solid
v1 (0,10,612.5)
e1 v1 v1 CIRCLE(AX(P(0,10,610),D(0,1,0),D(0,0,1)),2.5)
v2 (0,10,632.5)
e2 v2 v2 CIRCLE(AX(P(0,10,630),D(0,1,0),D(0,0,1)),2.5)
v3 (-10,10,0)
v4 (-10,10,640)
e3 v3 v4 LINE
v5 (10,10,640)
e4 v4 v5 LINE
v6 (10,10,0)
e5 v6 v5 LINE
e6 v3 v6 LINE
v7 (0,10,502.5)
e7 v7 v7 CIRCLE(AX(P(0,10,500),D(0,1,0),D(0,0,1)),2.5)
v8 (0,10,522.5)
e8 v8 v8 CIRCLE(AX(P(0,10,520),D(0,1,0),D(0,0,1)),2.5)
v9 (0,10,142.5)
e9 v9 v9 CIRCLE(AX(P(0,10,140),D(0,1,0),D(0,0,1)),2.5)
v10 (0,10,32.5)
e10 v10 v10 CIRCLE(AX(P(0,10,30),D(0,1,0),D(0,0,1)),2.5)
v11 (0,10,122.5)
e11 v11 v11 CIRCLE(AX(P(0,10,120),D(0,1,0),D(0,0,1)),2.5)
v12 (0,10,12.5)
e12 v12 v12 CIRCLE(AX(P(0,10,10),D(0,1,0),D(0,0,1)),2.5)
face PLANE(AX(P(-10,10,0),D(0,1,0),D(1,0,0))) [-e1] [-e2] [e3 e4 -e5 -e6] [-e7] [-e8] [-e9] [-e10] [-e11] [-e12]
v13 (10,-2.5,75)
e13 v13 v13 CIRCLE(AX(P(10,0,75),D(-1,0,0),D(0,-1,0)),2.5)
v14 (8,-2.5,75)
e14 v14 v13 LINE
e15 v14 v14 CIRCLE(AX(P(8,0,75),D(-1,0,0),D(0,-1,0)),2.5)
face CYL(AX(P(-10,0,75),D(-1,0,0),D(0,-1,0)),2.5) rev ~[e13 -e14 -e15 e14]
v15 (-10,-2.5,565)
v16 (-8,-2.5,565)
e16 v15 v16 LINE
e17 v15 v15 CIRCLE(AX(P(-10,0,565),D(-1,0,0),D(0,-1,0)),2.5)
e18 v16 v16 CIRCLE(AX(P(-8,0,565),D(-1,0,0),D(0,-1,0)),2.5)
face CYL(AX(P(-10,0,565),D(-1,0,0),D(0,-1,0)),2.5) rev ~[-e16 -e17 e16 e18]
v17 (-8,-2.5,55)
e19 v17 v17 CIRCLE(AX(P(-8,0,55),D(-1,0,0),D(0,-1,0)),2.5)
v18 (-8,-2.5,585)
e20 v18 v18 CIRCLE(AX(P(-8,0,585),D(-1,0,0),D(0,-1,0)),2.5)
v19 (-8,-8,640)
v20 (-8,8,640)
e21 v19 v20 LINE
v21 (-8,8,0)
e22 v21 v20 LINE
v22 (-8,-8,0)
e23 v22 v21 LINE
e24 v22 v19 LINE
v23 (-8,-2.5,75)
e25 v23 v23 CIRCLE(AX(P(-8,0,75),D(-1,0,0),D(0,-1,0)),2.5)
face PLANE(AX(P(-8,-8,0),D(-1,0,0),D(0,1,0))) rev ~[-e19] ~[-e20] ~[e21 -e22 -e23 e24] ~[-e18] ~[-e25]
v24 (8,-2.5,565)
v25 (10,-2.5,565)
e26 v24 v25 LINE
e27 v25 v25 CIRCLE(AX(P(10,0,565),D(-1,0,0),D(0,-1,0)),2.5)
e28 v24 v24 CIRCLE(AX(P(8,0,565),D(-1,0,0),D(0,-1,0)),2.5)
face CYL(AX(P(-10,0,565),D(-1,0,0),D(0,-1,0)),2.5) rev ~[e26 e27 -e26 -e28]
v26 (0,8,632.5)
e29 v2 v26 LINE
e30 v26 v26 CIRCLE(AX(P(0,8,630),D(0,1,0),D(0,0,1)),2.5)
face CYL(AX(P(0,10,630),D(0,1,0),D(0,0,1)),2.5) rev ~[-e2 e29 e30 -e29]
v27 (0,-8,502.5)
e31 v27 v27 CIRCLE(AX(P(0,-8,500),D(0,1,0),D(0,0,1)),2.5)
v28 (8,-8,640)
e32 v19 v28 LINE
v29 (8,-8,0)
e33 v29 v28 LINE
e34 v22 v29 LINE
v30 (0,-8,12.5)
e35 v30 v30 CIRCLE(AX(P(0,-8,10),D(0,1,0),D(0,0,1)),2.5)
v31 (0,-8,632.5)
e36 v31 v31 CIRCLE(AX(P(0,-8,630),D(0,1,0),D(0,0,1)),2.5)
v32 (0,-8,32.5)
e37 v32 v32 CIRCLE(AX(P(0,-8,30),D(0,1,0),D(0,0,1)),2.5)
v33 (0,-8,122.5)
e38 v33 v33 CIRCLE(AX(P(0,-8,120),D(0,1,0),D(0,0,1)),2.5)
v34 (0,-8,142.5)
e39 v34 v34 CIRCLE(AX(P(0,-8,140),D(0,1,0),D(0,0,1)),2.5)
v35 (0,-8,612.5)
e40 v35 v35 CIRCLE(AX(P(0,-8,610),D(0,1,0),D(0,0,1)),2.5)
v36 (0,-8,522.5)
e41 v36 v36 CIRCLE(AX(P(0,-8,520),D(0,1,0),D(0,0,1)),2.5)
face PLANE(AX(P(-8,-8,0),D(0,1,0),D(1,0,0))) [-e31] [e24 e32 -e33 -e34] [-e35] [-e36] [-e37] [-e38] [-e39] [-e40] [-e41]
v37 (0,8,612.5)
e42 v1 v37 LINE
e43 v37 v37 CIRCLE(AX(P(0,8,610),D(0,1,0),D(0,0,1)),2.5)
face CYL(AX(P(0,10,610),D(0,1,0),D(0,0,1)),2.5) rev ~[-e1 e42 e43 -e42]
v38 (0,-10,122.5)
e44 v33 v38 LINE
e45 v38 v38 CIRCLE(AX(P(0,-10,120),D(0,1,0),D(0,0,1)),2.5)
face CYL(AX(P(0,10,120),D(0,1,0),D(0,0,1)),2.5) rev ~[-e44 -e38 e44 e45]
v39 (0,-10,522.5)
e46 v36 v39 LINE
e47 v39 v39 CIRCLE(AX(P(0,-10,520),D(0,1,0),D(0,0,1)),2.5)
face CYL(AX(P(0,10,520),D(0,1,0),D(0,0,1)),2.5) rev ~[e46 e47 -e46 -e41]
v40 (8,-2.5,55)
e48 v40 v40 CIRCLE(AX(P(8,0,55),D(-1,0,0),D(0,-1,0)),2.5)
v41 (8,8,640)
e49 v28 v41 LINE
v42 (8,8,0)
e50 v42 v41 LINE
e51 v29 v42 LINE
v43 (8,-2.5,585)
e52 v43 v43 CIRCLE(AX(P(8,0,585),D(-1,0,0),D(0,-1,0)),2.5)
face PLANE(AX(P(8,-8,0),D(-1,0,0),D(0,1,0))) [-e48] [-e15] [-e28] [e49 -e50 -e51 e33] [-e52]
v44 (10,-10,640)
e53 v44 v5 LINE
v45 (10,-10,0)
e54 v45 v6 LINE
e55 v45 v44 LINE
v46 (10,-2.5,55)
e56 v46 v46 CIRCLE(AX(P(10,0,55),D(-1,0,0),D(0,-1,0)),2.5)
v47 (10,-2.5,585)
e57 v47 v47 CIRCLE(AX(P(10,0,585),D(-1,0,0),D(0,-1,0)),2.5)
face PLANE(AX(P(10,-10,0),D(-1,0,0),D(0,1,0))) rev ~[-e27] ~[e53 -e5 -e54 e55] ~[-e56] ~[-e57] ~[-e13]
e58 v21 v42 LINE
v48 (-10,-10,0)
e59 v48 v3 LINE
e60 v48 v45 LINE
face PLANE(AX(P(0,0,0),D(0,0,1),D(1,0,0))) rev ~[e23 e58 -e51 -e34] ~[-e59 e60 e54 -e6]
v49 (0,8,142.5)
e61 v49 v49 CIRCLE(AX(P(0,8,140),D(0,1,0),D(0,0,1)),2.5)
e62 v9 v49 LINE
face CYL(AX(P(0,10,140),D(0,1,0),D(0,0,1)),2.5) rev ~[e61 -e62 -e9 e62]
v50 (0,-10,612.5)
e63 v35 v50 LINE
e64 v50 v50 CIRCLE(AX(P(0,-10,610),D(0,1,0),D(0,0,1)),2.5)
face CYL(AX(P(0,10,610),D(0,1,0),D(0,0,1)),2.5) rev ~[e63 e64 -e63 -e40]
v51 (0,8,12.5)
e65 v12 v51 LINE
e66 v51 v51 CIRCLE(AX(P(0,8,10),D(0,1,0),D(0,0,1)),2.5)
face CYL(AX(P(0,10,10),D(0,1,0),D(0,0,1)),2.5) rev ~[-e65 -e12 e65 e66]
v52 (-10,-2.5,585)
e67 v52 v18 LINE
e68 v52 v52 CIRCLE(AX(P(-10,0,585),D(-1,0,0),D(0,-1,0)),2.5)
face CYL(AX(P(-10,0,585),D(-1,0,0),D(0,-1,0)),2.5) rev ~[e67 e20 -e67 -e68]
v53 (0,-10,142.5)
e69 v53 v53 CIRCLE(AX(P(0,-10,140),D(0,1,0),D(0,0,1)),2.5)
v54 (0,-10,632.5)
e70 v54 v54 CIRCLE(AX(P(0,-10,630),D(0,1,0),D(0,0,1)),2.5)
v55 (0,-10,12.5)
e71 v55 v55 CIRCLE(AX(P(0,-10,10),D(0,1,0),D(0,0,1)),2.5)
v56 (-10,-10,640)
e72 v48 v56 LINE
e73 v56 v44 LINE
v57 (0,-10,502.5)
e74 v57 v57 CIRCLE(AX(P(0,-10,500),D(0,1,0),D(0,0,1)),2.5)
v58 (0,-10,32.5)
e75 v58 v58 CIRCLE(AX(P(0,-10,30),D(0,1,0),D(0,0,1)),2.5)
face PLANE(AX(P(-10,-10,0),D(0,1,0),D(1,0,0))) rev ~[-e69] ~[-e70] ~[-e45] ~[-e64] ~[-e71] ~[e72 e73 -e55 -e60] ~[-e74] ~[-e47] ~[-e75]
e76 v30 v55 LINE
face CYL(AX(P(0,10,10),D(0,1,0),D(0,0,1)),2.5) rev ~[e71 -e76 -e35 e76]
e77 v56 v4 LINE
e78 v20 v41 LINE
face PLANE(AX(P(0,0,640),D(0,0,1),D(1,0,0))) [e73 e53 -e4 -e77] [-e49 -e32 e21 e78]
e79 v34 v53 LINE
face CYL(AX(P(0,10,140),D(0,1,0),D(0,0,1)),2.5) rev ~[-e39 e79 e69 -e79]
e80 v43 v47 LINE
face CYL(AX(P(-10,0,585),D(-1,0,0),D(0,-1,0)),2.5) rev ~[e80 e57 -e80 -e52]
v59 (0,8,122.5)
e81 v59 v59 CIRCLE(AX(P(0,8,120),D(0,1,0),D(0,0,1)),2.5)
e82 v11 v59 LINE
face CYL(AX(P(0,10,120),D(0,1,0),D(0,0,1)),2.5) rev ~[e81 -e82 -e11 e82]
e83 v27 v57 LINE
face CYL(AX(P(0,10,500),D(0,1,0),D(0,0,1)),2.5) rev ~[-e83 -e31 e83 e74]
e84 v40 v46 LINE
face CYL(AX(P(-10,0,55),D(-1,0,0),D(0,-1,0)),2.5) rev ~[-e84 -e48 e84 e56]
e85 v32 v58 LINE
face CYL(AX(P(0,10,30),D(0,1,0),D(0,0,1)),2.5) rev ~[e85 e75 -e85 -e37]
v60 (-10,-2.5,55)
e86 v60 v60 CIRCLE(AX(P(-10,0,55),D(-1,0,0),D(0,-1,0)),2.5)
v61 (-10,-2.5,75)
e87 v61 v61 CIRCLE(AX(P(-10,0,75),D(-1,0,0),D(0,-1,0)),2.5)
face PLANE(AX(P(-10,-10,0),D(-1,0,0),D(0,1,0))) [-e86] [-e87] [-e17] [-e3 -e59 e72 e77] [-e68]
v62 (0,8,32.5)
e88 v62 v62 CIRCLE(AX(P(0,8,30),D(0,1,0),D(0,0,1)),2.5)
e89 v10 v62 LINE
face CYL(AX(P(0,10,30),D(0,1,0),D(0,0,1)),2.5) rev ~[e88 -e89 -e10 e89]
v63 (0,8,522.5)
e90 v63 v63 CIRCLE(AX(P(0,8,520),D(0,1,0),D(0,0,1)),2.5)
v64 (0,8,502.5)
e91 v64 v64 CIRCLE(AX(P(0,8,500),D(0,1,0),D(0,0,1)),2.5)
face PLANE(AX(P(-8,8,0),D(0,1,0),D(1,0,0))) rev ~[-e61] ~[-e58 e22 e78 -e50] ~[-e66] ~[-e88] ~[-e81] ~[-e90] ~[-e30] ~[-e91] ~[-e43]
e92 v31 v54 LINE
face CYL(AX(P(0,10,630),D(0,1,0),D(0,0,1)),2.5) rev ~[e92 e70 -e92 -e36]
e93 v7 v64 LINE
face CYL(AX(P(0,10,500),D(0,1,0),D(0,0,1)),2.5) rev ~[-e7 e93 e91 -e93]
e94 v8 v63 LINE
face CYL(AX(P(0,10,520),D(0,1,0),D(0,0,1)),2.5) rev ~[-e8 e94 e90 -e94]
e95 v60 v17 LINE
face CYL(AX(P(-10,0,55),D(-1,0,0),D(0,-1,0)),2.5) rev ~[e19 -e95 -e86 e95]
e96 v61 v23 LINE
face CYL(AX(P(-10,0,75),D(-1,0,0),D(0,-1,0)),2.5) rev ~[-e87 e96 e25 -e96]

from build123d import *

# Parameters (mm, degrees)
SKETCH1_W           = 20
SKETCH1_H           = 20
SKETCH1_W_2         = 16
SKETCH1_H_2         = 16
BOSS_EXTRUDE1_DEPTH = 640
SKETCH2_R           = 2.5
CUT_EXTRUDE1_DEPTH  = 641.390505863
SKETCH3_R           = 2.5
CUT_EXTRUDE2_DEPTH  = 641.390505863
SKETCH4_R           = 2.5
CUT_EXTRUDE3_DEPTH  = 641.390505863


with BuildPart() as part:
    # Sketch1 → Boss-Extrude1 (new body)
    with BuildSketch(Plane.XY):
        Rectangle(SKETCH1_W, SKETCH1_H)
        Rectangle(SKETCH1_W_2, SKETCH1_H_2, mode=Mode.SUBTRACT)
    extrude(amount=BOSS_EXTRUDE1_DEPTH)

    # Sketch2 → Cut-Extrude1 (cut, through all)
    with BuildSketch(Plane(origin=(0, 10, 0), x_dir=(1, 0, 0), z_dir=(0, 1, 0))):
        with Locations(Location((0, -10, 0), (0, 0, 270))):
            Circle(SKETCH2_R)
        with Locations(Location((0, -630, 0), (0, 0, 270))):
            Circle(SKETCH2_R)
        with Locations(Location((0, -30, 0), (0, 0, 270))):
            Circle(SKETCH2_R)
        with Locations(Location((0, -610, 0), (0, 0, 270))):
            Circle(SKETCH2_R)
    extrude(amount=-CUT_EXTRUDE1_DEPTH, mode=Mode.SUBTRACT)

    # Sketch3 → Cut-Extrude2 (cut, through all)
    with BuildSketch(Plane(origin=(0, 10, 0), x_dir=(1, 0, 0), z_dir=(0, 1, 0))):
        with Locations(Location((0, -140, 0), (0, 0, 270))):
            Circle(SKETCH3_R)
        with Locations(Location((0, -500, 0), (0, 0, 270))):
            Circle(SKETCH3_R)
        with Locations(Location((0, -120, 0), (0, 0, 270))):
            Circle(SKETCH3_R)
        with Locations(Location((0, -520, 0), (0, 0, 270))):
            Circle(SKETCH3_R)
    extrude(amount=-CUT_EXTRUDE2_DEPTH, mode=Mode.SUBTRACT)

    # Sketch4 → Cut-Extrude3 (cut, through all)
    with BuildSketch(Plane.ZY.offset(10)):
        with Locations(Location((55, 0, 0), (0, 0, 270))):
            Circle(SKETCH4_R)
        with Locations(Location((75, 0, 0), (0, 0, 270))):
            Circle(SKETCH4_R)
        with Locations(Location((565, 0, 0), (0, 0, 270))):
            Circle(SKETCH4_R)
        with Locations(Location((585, 0, 0), (0, 0, 270))):
            Circle(SKETCH4_R)
    extrude(amount=-CUT_EXTRUDE3_DEPTH, mode=Mode.SUBTRACT)


solid = part.part
